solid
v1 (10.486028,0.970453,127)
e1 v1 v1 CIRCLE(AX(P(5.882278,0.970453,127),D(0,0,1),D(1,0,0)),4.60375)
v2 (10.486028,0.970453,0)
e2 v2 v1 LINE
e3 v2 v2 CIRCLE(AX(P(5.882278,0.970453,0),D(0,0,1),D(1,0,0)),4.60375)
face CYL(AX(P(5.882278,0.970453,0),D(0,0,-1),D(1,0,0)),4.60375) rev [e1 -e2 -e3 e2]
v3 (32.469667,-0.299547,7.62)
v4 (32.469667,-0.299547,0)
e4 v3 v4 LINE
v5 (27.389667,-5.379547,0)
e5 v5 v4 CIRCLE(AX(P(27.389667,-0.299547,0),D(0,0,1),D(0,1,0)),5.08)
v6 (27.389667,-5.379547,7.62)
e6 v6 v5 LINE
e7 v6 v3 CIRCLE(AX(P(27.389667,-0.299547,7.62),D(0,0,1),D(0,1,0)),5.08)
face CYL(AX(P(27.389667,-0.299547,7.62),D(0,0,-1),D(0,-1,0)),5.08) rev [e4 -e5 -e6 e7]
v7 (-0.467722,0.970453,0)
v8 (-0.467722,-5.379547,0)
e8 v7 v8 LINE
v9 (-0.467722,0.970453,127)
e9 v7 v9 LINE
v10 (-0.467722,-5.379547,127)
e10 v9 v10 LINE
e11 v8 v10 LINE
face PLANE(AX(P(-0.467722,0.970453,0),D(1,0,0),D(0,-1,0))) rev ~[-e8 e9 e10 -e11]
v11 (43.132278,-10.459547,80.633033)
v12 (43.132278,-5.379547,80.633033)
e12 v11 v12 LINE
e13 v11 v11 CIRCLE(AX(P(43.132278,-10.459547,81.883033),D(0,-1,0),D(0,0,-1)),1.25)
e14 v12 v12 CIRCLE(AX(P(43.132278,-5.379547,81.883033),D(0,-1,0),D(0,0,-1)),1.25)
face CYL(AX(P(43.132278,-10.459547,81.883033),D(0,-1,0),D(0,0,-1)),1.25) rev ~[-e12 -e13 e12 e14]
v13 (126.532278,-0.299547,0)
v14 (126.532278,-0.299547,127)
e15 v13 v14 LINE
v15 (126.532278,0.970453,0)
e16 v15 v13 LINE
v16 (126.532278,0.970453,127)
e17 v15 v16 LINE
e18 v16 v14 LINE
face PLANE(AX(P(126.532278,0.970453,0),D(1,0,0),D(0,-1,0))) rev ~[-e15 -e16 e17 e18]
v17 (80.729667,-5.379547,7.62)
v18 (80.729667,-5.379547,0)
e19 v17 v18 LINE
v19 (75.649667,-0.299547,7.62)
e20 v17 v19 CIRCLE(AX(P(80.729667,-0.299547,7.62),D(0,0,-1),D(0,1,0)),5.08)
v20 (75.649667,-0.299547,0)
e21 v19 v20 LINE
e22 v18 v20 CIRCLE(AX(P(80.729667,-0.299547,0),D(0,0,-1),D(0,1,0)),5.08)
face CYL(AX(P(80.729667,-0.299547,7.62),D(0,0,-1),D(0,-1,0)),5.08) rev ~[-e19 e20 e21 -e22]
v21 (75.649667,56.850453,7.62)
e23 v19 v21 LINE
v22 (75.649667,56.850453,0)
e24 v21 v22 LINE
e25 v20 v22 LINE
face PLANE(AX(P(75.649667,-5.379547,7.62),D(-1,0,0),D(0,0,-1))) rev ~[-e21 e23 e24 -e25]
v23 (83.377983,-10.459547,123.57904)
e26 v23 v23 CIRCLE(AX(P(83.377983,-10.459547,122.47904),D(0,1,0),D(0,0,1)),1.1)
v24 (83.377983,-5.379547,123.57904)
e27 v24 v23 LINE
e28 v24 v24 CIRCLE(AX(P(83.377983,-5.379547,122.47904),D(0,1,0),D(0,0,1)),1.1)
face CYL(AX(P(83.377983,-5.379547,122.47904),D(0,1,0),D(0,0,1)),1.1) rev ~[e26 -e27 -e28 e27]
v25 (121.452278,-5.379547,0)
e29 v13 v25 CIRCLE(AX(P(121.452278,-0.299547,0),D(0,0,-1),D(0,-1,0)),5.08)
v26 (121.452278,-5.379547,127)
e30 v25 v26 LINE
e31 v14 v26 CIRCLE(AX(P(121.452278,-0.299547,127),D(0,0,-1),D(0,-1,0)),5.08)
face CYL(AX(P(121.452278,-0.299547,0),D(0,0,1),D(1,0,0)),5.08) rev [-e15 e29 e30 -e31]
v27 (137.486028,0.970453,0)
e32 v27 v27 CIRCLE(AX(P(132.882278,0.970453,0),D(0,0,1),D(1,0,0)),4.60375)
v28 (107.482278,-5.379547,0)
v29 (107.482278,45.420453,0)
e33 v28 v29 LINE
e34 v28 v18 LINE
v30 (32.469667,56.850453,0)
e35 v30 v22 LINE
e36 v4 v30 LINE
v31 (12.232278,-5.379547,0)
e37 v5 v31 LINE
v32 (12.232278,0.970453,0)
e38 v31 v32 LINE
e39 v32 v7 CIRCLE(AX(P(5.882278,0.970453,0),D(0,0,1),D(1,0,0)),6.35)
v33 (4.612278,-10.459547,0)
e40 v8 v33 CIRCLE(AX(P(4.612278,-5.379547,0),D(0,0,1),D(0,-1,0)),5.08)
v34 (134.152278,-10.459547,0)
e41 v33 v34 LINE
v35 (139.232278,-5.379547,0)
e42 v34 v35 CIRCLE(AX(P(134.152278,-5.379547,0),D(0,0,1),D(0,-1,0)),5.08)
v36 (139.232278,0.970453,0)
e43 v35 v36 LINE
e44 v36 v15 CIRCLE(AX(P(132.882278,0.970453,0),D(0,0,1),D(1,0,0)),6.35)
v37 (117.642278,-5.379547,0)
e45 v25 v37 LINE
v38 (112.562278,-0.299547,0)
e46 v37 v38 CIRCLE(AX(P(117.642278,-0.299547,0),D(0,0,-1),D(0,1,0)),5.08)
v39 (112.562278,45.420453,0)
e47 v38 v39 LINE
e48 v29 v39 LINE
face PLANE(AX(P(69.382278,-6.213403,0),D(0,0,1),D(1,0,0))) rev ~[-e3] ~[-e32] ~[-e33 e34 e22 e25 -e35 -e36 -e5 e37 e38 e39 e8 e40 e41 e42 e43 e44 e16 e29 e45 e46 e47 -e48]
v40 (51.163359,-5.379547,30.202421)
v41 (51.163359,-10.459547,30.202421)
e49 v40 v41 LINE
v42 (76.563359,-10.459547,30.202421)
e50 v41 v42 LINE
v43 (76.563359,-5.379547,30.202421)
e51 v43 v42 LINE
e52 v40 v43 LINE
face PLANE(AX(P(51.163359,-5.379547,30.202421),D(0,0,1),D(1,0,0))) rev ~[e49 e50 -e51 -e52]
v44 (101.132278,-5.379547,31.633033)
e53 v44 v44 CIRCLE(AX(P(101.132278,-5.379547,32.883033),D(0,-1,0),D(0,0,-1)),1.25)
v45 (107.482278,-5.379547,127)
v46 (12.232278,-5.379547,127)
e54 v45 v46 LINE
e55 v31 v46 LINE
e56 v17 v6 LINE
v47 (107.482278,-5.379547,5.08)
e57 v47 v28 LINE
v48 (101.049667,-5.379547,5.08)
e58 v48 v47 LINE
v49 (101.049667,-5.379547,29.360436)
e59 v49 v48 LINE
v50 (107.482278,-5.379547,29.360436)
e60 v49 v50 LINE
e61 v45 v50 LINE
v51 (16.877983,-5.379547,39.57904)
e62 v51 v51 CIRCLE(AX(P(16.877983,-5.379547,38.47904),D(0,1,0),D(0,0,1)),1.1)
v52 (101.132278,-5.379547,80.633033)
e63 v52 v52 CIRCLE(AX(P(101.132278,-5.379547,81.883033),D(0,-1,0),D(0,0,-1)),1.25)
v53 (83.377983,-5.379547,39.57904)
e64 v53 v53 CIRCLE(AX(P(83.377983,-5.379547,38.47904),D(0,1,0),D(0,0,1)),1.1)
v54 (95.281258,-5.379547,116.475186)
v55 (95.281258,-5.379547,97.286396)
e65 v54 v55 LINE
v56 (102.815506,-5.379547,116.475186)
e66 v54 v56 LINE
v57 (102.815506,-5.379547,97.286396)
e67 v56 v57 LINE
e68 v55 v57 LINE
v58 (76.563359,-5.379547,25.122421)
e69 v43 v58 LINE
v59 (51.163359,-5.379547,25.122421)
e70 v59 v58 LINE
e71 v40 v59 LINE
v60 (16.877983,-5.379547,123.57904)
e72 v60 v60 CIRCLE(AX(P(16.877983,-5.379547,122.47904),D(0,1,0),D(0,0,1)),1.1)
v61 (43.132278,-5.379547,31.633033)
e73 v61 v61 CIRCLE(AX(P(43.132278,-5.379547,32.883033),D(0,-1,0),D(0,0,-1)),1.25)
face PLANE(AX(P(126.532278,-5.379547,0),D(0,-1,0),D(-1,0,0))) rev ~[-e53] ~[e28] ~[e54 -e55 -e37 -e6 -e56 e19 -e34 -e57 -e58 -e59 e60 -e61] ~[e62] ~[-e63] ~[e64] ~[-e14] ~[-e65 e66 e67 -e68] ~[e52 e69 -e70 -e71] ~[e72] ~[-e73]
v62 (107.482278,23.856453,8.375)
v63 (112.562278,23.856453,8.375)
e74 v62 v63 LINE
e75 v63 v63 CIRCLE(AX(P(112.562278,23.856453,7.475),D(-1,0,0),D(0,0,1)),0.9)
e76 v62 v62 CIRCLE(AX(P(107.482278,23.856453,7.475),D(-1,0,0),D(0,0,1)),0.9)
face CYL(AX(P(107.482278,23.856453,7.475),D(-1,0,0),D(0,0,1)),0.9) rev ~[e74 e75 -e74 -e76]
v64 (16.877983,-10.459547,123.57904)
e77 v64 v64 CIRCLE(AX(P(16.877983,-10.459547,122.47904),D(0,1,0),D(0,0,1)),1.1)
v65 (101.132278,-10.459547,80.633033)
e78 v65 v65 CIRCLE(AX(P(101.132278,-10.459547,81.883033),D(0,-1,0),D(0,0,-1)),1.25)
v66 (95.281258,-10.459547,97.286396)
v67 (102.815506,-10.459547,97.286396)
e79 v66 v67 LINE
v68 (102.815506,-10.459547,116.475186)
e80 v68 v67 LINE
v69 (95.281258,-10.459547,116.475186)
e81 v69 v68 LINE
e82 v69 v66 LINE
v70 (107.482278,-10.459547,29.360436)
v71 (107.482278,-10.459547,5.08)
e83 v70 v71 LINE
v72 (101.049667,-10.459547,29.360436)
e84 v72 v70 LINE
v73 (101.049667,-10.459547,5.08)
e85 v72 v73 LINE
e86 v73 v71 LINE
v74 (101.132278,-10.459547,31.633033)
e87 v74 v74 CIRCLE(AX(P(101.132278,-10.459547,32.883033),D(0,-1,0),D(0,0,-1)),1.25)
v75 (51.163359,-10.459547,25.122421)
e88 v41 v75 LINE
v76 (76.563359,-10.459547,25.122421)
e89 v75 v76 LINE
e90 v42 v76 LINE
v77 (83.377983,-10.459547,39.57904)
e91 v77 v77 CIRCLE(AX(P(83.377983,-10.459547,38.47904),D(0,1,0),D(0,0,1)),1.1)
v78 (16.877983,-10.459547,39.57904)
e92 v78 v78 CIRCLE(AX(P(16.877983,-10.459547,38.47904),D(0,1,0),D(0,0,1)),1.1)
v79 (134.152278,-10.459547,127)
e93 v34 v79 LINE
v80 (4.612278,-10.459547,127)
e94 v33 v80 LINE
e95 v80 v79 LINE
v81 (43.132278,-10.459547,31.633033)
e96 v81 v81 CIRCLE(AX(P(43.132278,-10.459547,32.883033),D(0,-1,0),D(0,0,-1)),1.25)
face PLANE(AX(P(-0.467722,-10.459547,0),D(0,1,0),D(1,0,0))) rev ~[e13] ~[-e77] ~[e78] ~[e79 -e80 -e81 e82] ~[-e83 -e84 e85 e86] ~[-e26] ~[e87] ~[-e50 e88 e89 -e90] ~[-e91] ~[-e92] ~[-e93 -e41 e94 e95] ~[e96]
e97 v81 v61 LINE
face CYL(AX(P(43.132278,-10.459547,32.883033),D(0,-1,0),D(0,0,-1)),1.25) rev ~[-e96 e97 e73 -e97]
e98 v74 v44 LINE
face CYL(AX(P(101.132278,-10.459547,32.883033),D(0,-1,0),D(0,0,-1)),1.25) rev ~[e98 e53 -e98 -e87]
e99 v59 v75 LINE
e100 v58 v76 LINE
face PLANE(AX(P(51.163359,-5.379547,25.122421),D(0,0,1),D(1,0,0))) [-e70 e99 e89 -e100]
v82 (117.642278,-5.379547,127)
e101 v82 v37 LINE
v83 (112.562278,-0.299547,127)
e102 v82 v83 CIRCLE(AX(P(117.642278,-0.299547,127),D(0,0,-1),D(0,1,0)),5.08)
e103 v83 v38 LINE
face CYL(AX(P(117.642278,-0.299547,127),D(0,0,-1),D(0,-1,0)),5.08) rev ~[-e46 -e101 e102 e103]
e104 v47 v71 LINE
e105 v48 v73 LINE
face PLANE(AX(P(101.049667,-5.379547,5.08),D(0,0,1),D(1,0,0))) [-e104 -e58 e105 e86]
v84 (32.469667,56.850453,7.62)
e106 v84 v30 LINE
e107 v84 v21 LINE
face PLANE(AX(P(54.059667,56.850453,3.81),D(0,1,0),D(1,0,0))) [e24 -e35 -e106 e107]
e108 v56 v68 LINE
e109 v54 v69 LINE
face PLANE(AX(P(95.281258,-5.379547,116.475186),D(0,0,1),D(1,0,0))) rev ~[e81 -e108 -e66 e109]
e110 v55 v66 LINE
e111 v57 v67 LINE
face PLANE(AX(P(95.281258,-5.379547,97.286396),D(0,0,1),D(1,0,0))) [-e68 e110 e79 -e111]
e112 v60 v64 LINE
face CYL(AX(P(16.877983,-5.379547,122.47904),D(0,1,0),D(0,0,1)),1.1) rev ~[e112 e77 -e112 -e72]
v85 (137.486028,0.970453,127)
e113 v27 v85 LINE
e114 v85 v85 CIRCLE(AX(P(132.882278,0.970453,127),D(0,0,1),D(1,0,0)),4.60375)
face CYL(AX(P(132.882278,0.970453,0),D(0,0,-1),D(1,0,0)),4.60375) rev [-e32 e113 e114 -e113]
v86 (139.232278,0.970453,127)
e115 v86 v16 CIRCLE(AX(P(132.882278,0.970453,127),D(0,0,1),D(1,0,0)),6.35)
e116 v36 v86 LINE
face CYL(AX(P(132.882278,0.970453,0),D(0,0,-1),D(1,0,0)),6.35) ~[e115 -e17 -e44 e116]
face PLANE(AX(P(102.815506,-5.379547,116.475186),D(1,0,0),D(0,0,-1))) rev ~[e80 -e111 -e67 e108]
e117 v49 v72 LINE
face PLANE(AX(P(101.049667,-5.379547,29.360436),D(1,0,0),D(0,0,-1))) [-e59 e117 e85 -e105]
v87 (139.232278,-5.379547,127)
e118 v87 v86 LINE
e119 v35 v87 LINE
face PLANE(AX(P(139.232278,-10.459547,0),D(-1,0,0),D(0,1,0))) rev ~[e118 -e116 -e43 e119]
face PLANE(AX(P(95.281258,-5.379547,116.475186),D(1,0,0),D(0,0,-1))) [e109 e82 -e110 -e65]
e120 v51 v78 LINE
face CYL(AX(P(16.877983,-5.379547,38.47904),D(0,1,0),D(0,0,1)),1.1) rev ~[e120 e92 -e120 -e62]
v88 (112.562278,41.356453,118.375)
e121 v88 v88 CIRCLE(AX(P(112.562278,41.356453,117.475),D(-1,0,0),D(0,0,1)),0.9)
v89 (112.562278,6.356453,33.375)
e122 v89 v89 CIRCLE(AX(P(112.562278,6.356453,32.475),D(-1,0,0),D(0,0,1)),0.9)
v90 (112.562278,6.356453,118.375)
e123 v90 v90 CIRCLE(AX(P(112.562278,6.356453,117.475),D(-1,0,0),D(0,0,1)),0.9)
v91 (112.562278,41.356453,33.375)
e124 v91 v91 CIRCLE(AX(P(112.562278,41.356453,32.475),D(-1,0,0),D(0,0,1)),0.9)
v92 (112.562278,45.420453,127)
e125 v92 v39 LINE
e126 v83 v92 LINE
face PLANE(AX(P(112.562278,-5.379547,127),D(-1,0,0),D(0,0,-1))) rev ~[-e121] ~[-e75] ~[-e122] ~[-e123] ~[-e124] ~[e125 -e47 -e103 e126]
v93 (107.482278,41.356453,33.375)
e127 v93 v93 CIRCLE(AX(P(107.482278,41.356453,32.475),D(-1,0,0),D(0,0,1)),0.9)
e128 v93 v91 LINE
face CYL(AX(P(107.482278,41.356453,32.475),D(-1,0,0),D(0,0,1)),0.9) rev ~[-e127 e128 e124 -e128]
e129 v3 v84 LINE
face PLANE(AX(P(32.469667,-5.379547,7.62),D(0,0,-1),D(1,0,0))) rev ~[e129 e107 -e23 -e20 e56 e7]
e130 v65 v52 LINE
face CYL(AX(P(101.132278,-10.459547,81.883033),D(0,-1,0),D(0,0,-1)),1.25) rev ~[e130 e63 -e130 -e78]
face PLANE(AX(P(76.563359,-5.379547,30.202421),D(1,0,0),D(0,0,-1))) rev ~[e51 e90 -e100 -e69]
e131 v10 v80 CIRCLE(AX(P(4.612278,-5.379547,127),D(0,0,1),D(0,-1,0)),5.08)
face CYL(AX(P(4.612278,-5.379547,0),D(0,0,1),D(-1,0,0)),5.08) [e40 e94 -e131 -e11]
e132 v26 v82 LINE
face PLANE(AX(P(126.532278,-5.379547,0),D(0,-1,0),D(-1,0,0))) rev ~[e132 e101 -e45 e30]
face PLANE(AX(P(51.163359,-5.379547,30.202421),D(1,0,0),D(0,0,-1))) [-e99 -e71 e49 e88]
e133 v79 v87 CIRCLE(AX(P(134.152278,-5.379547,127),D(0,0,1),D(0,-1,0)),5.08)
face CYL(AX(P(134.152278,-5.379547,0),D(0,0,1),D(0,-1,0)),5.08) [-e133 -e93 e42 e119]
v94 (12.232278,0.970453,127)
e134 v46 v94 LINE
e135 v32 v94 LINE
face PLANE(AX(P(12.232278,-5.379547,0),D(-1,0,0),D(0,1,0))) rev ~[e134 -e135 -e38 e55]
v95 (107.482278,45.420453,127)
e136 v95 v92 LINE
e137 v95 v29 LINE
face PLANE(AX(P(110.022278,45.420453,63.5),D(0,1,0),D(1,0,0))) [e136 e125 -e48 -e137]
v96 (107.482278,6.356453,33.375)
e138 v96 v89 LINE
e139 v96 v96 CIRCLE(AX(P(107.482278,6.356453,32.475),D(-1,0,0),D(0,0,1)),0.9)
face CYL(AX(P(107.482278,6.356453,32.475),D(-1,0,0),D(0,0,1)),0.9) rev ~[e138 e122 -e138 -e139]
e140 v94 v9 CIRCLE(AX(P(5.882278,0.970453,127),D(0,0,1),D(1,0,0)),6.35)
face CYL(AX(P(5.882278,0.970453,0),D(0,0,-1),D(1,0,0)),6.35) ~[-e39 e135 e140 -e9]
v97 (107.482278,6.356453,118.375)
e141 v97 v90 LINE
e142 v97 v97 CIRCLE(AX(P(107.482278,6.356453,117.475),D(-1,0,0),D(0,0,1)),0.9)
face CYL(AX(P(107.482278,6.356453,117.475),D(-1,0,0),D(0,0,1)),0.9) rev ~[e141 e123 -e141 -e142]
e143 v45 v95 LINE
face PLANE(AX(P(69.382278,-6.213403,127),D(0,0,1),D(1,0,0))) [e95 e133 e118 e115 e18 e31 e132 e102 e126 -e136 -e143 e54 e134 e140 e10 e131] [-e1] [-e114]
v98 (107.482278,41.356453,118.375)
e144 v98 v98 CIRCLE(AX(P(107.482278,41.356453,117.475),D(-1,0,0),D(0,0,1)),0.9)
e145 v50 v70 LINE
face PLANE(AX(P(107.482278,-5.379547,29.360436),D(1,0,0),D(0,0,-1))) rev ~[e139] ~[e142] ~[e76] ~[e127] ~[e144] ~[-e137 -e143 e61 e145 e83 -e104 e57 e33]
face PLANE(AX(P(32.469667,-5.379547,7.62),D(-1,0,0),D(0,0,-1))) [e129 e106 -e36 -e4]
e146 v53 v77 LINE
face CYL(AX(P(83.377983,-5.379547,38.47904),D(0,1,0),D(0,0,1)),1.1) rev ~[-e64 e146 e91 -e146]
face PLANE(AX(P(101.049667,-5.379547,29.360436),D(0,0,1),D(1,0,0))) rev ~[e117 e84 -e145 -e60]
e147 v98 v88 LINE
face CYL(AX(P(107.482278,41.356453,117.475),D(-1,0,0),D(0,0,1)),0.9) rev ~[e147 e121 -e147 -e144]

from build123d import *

# Parameters (mm, degrees)
SKETCH1_R           = 4.60375
BOSS_EXTRUDE1_DEPTH = 127
SKETCH3_R           = 1.249999967
CUT_EXTRUDE3_DEPTH  = 190.290136172
SKETCH4_R           = 1.1
CUT_EXTRUDE4_DEPTH  = 189.880695817
SKETCH5_W           = 5.08
SKETCH5_H           = 127
BOSS_EXTRUDE2_DEPTH = 50.8
SKETCH6_R           = 0.899999978
CUT_EXTRUDE5_DEPTH  = 5.08
SKETCH7_W           = 6.432611175
SKETCH7_H           = 24.280435839
SKETCH7_W_2         = 25.4
SKETCH7_H_2         = 5.08
SKETCH7_W_3         = 7.534248642
SKETCH7_H_3         = 19.188789511
CUT_EXTRUDE6_DEPTH  = 196.180089282
FILLET1_R           = 5.08
SKETCH8_W           = 43.18
SKETCH8_H           = 7.62
BOSS_EXTRUDE3_DEPTH = 62.23
FILLET2_R           = 5.08


with BuildPart() as part:
    # Sketch1 → Boss-Extrude1 (new body)
    with BuildSketch(Plane.XY):
        with BuildLine():
            Line((-0.467721946, 0.970453027), (-0.467721946, -10.459546973))
            Line((-0.467721946, -10.459546973), (139.232278054, -10.459546973))
            Line((139.232278054, -10.459546973), (139.232278054, 0.970453027))
            ThreePointArc((139.232278054, 0.970453027), (132.882278054, 7.320453027), (126.532278054, 0.970453027))
            Line((126.532278054, 0.970453027), (126.532278054, -5.379546973))
            Line((126.532278054, -5.379546973), (12.232278054, -5.379546973))
            Line((12.232278054, -5.379546973), (12.232278054, 0.970453027))
            ThreePointArc((12.232278054, 0.970453027), (5.882278054, 7.320453027), (-0.467721946, 0.970453027))
        make_face()
        with Locations((5.882278054, 0.970453027)):
            Circle(SKETCH1_R, mode=Mode.SUBTRACT)
        with Locations((132.882278054, 0.970453027)):
            Circle(SKETCH1_R, mode=Mode.SUBTRACT)
    extrude(amount=BOSS_EXTRUDE1_DEPTH)

    # Sketch3 → Cut-Extrude3 (cut, through all)
    with BuildSketch(Plane.XZ.offset(10.459546973)):
        with Locations(Location((101.132278054, 81.883033078, 0), (0, 0, 270))):
            Circle(SKETCH3_R)
        with Locations(Location((43.132278054, 81.883033078, 0), (0, 0, 270))):
            Circle(SKETCH3_R)
        with Locations(Location((43.132278054, 32.883033078, 0), (0, 0, 270))):
            Circle(SKETCH3_R)
        with Locations(Location((101.132278054, 32.883033078, 0), (0, 0, 270))):
            Circle(SKETCH3_R)
    extrude(amount=-CUT_EXTRUDE3_DEPTH, mode=Mode.SUBTRACT)

    # Sketch4 → Cut-Extrude4 (cut, through all)
    with BuildSketch(Plane(origin=(0, -5.379546973, 0), x_dir=(1, 0, 0), z_dir=(0, 1, 0))):
        with Locations(Location((16.877982827, -38.47904026, 0), (0, 0, 270))):
            Circle(SKETCH4_R)
        with Locations(Location((16.877982827, -122.479040154, 0), (0, 0, 270))):
            Circle(SKETCH4_R)
        with Locations(Location((83.377982923, -38.47904026, 0), (0, 0, 270))):
            Circle(SKETCH4_R)
        with Locations(Location((83.377982923, -122.479040154, 0), (0, 0, 270))):
            Circle(SKETCH4_R)
    extrude(amount=-CUT_EXTRUDE4_DEPTH, mode=Mode.SUBTRACT)

    # Sketch5 → Boss-Extrude2 (add)
    with BuildSketch(Plane(origin=(0, -5.379546973, 0), x_dir=(1, 0, 0), z_dir=(0, 1, 0))):
        with Locations((110.022278054, -63.5)):
            Rectangle(SKETCH5_W, SKETCH5_H)
    extrude(amount=BOSS_EXTRUDE2_DEPTH)

    # Sketch6 → Cut-Extrude5 (cut)
    with BuildSketch(Plane.ZY.offset(-107.482278054)):
        with Locations((32.475000074, 6.356452923)):
            Circle(SKETCH6_R)
        with Locations((32.475000074, 41.356453027)):
            Circle(SKETCH6_R)
        with Locations((117.475, 6.356452923)):
            Circle(SKETCH6_R)
        with Locations((117.475, 41.356453027)):
            Circle(SKETCH6_R)
        with Locations((7.475000036, 23.856452975)):
            Circle(SKETCH6_R)
    extrude(amount=-CUT_EXTRUDE5_DEPTH, mode=Mode.SUBTRACT)

    # Sketch7 → Cut-Extrude6 (cut, through all)
    with BuildSketch(Plane(origin=(0, -5.379546973, 0), x_dir=(1, 0, 0), z_dir=(0, 1, 0))):
        with Locations((104.265972467, -17.22021792)):
            Rectangle(SKETCH7_W, SKETCH7_H)
        with Locations((63.863358791, -27.662420978)):
            Rectangle(SKETCH7_W_2, SKETCH7_H_2)
        with Locations((99.048382084, -106.880791012)):
            Rectangle(SKETCH7_W_3, SKETCH7_H_3)
    extrude(amount=-CUT_EXTRUDE6_DEPTH, mode=Mode.SUBTRACT)

    # Fillet1
    fillet1_edges = [part.edges().sort_by_distance(p)[0] for p in [
        (126.532278054, -5.379546973, 63.5),
        (139.232278054, -10.459546973, 63.5),
        (-0.467721946, -10.459546973, 63.5),
        (112.562278054, -5.379546973, 63.5),
    ]]
    fillet(fillet1_edges, radius=FILLET1_R)

    # Sketch8 → Boss-Extrude3 (add)
    with BuildSketch(Plane(origin=(0, -5.379546973, 0), x_dir=(1, 0, 0), z_dir=(0, 1, 0))):
        with Locations((54.059666879, -3.81)):
            Rectangle(SKETCH8_W, SKETCH8_H)
    extrude(amount=BOSS_EXTRUDE3_DEPTH)

    # Fillet2
    fillet2_edges = [part.edges().sort_by_distance(p)[0] for p in [
        (32.469666879, -5.379546973, 3.81),
        (75.649666879, -5.379546973, 3.81),
    ]]
    fillet(fillet2_edges, radius=FILLET2_R)


solid = part.part
